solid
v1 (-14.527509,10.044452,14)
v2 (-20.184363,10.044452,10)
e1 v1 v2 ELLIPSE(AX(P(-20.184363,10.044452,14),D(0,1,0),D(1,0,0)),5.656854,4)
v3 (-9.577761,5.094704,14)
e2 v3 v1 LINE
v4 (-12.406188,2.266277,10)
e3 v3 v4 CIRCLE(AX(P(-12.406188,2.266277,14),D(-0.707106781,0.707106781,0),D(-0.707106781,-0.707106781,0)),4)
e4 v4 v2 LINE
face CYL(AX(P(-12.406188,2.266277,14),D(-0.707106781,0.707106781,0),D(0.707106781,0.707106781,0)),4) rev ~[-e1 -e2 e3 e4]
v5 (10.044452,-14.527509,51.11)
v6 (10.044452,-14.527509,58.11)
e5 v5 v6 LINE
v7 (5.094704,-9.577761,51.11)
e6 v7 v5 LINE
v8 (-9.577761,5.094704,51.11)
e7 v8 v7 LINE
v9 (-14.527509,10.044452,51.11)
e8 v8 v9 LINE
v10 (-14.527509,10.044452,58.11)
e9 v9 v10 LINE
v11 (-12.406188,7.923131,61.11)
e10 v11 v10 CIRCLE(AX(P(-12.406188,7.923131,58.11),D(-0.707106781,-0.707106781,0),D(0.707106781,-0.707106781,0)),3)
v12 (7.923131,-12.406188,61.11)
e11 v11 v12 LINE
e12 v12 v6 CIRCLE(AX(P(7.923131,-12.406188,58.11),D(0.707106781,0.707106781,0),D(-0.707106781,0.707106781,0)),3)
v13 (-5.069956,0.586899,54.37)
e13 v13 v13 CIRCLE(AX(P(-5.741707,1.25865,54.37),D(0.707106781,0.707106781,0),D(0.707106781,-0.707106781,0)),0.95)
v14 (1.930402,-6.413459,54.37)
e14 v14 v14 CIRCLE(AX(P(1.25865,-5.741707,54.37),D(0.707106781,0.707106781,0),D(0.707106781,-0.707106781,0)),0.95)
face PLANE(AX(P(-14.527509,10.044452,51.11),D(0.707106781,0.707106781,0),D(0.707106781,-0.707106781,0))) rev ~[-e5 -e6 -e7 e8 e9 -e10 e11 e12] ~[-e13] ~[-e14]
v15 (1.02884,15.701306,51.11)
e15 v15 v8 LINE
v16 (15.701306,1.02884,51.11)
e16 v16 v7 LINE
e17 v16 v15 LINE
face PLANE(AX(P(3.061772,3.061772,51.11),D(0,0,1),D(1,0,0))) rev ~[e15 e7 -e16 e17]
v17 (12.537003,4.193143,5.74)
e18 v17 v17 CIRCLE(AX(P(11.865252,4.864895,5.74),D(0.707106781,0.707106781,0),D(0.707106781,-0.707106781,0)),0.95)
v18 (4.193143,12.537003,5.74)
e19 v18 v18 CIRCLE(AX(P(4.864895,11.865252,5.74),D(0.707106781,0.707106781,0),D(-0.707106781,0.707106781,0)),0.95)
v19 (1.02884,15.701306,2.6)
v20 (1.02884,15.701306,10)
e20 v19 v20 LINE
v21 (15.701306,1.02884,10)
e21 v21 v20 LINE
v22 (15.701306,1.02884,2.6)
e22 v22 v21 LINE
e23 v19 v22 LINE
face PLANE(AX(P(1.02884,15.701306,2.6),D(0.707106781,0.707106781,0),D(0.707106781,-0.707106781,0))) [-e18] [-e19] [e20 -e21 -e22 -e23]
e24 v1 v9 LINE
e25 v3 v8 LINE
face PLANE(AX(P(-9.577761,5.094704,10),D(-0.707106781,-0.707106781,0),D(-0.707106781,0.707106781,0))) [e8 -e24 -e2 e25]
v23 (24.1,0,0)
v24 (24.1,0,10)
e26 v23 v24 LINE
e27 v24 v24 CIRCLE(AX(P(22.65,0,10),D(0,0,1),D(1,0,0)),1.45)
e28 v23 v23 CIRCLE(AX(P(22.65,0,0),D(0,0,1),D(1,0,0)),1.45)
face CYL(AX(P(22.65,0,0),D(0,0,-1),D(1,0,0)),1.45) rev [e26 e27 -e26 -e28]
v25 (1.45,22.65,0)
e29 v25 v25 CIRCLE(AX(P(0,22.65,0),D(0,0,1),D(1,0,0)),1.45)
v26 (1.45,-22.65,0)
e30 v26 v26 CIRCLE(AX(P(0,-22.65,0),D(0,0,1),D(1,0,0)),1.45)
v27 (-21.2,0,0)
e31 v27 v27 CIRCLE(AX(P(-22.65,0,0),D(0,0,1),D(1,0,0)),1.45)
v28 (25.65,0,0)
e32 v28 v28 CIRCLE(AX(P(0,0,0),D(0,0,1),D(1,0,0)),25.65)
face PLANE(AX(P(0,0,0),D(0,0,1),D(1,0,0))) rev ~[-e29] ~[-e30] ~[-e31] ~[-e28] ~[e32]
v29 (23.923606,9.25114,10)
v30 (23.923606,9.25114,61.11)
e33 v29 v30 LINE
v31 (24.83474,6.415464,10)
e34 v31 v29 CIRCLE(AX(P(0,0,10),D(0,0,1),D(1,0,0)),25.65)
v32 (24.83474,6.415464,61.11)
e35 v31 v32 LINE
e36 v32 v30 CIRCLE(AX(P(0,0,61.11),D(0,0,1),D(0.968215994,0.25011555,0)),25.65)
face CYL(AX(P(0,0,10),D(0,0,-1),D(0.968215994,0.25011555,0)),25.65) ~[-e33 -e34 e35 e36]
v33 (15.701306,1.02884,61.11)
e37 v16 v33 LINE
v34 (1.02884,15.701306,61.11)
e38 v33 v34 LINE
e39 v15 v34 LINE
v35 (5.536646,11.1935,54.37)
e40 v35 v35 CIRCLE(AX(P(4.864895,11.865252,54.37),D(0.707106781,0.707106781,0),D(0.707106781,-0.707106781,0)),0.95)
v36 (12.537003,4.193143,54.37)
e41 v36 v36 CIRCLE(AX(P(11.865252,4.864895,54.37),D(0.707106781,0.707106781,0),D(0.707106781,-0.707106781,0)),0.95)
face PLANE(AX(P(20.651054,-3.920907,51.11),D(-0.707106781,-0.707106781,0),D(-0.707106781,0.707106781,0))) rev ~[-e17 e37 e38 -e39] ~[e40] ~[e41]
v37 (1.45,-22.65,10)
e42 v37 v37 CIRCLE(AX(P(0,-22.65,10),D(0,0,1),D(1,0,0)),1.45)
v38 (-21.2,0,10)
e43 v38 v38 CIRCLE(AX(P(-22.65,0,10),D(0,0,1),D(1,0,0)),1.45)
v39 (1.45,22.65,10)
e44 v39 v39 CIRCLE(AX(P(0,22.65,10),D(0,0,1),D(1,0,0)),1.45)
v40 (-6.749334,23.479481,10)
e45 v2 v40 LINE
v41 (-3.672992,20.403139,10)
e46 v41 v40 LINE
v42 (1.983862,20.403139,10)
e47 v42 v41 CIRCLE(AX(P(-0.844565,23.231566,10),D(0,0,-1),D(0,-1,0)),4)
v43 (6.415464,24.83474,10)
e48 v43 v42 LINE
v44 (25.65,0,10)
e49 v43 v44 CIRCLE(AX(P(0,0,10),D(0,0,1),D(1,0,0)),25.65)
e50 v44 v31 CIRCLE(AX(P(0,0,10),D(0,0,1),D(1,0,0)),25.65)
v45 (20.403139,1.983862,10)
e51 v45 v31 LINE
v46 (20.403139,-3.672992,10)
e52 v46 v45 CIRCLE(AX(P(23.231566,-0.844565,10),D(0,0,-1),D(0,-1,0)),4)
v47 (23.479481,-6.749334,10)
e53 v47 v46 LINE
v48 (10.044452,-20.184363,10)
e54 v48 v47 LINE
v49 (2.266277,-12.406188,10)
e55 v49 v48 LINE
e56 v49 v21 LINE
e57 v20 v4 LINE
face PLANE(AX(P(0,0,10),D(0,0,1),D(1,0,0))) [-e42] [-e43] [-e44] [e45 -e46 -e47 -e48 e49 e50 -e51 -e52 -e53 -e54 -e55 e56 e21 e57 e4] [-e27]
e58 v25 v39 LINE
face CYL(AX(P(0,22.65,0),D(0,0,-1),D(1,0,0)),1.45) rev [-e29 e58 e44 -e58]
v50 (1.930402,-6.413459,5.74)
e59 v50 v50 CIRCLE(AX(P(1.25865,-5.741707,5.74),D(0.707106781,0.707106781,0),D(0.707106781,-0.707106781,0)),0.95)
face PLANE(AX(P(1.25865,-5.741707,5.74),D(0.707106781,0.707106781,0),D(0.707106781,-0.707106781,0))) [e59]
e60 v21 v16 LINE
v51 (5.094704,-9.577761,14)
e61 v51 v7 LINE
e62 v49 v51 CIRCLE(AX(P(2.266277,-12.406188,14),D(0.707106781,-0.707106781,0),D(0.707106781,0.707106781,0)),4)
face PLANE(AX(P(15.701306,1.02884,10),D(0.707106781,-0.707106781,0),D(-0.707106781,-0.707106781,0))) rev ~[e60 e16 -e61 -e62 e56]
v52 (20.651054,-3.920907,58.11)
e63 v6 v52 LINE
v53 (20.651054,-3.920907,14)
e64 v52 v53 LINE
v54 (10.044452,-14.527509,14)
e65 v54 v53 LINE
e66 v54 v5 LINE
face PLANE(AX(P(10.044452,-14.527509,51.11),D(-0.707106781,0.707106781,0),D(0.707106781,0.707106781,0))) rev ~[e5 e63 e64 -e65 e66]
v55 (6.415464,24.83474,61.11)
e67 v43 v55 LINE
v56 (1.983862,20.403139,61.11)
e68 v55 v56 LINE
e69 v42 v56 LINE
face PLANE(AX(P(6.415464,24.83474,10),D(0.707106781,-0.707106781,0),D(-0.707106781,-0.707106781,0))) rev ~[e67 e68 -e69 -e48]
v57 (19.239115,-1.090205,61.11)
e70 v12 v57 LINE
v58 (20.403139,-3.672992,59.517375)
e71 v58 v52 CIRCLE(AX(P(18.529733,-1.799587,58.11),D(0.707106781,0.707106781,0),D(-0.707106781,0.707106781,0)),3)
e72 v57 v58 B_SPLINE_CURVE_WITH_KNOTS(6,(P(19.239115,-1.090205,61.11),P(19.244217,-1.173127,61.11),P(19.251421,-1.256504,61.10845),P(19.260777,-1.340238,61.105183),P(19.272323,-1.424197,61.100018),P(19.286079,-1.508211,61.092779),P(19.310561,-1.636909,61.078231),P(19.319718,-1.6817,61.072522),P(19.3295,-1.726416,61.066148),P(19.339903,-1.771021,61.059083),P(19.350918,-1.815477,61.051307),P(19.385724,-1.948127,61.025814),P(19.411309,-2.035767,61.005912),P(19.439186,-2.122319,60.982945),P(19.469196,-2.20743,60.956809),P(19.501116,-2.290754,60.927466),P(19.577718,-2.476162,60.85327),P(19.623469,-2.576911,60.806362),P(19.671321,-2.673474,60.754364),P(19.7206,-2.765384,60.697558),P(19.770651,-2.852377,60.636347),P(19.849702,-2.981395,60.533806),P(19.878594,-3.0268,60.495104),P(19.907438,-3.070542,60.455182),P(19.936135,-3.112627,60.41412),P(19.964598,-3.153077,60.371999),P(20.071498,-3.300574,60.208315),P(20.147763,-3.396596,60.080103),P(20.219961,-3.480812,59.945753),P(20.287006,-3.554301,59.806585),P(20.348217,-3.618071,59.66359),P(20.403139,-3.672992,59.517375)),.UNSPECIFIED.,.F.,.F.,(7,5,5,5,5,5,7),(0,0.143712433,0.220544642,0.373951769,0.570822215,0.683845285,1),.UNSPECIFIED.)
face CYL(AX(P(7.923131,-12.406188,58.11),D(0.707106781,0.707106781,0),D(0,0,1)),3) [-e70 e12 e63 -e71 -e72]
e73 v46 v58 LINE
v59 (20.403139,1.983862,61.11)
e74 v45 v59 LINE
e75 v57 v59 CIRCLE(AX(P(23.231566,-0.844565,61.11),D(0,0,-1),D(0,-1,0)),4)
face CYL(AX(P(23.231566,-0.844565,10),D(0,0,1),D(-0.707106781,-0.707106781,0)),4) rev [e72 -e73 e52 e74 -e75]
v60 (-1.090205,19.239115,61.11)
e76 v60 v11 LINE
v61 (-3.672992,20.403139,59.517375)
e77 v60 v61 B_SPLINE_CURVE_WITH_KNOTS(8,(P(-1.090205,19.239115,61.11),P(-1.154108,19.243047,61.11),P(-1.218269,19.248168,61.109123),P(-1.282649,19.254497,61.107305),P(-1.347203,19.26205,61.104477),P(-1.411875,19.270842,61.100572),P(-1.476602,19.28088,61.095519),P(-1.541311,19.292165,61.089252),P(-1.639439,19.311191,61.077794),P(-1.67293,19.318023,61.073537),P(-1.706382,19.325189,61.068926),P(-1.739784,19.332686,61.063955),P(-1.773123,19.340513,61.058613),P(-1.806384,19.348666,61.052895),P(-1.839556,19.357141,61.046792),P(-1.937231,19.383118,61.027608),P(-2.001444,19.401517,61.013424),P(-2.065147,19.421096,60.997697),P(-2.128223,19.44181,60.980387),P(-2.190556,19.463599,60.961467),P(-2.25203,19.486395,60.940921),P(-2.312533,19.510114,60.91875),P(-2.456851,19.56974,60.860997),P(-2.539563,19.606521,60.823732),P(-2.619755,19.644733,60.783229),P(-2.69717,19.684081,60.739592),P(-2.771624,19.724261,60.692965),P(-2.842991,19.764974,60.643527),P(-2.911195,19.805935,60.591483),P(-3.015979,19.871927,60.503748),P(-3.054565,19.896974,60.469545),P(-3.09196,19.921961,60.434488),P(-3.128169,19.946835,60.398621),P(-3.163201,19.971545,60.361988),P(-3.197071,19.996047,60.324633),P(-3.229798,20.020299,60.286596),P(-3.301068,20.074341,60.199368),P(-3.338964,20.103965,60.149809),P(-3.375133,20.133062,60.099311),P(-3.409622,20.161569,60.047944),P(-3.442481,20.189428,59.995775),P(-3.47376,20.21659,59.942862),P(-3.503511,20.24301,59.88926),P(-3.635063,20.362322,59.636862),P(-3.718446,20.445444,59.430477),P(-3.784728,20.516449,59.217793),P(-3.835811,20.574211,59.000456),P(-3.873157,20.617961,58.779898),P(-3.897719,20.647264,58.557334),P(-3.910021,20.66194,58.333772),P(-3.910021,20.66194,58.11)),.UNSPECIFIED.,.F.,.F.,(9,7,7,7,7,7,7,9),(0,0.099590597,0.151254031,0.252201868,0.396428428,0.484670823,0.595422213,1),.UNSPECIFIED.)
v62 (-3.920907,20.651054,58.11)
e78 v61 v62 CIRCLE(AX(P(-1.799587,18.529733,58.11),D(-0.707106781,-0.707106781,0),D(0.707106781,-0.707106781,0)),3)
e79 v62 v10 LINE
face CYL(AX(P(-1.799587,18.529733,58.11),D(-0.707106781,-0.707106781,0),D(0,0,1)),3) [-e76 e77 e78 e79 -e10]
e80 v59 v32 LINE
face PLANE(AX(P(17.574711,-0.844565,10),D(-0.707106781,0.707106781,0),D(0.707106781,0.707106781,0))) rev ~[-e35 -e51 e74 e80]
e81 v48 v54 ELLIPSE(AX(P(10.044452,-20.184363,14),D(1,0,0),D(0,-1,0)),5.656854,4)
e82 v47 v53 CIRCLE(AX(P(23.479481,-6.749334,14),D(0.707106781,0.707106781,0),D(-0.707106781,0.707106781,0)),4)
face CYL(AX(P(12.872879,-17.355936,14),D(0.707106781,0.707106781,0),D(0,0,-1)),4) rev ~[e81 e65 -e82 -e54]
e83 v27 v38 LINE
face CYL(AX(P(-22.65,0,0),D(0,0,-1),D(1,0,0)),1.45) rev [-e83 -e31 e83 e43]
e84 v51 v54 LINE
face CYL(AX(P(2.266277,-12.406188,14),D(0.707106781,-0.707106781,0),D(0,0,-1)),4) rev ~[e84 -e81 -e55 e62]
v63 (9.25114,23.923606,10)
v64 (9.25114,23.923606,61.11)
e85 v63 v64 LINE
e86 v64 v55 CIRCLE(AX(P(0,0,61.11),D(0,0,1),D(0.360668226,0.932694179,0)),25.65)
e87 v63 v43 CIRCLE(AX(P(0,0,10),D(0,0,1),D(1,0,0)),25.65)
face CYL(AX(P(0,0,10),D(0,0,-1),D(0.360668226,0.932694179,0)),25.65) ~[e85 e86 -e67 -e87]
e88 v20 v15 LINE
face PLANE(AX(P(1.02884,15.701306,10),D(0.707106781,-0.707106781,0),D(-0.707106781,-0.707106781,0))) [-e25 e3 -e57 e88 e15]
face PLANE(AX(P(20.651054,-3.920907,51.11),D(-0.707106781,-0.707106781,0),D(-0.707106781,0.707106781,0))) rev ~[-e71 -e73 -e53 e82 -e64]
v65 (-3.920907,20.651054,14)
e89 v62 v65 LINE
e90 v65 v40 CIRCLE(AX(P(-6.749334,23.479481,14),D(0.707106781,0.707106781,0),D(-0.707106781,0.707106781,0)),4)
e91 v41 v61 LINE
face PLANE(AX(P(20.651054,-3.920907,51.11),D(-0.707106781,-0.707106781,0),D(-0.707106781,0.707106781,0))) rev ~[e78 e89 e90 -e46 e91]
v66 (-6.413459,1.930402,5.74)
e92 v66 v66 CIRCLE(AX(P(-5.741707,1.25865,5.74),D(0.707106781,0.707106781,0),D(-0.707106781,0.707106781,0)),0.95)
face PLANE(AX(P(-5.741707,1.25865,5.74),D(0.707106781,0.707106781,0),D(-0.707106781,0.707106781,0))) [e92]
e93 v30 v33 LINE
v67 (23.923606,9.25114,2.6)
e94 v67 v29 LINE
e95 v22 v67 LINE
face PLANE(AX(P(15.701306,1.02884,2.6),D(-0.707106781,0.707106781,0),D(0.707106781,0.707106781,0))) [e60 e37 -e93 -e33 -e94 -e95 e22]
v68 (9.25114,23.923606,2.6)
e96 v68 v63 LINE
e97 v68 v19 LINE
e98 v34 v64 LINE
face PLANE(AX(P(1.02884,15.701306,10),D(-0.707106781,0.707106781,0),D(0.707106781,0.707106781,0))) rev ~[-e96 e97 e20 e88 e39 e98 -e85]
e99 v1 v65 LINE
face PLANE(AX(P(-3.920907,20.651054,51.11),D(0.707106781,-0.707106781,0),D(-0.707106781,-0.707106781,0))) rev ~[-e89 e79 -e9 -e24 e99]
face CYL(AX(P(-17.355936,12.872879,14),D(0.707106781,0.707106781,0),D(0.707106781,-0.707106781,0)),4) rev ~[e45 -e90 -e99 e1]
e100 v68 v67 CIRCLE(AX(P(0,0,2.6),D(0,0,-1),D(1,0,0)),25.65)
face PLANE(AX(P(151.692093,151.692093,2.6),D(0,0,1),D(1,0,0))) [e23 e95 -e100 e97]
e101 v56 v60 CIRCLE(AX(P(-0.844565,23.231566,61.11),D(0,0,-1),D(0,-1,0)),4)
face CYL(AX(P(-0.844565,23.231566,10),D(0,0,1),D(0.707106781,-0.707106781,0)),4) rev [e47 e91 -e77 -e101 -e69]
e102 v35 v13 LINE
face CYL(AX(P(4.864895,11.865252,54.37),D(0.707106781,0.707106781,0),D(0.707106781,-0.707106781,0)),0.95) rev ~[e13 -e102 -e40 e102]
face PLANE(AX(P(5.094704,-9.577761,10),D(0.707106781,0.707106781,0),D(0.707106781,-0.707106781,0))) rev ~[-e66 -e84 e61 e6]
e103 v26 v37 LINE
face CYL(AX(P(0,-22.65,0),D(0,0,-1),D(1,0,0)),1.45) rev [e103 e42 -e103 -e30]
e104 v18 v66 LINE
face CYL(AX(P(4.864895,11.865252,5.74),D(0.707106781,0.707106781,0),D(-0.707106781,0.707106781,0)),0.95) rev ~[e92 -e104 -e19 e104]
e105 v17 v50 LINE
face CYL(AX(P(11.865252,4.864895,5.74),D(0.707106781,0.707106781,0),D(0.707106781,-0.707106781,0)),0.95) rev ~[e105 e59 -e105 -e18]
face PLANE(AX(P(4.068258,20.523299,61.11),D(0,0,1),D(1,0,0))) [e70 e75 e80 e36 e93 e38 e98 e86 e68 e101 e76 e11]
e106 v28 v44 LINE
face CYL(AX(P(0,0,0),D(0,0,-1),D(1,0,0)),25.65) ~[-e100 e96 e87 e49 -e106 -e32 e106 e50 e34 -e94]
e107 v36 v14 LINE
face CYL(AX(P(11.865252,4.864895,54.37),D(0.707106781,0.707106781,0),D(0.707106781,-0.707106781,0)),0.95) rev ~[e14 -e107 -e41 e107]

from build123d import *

# Parameters (mm, degrees)
SKETCH1_R               = 25.65
SKETCH1_R_2             = 1.45
BOSS_EXTRUDE1_DEPTH     = 10
CUT_EXTRUDE2_DEPTH      = 38.627715849
CUT_EXTRUDE2_DEPTH_BACK = 7.4
SKETCH3_R               = 0.95
CUT_EXTRUDE3_DEPTH      = 15
BOSS_EXTRUDE2_DEPTH     = 41.11
BOSS_EXTRUDE3_DEPTH     = 10
SKETCH6_R               = 0.95
CUT_EXTRUDE4_DEPTH      = 15
FILLET1_R               = 4
BOSS_EXTRUDE4_DEPTH     = 51.11
FILLET2_R               = 4
FILLET3_R               = 3


with BuildPart() as part:
    # Sketch1 → Boss-Extrude1 (new body)
    with BuildSketch(Plane.XY):
        Circle(SKETCH1_R)
        with Locations((0, -22.65)):
            Circle(SKETCH1_R_2, mode=Mode.SUBTRACT)
        with Locations((22.65, 0)):
            Circle(SKETCH1_R_2, mode=Mode.SUBTRACT)
        with Locations((0, 22.65)):
            Circle(SKETCH1_R_2, mode=Mode.SUBTRACT)
        with Locations((-22.65, 0)):
            Circle(SKETCH1_R_2, mode=Mode.SUBTRACT)
    extrude(amount=BOSS_EXTRUDE1_DEPTH)

    # Sketch2 → Cut-Extrude2 (cut, two sides: drawn at the far end of the back side and taken through both)
    with BuildSketch(Plane.XY.offset(10).offset(-CUT_EXTRUDE2_DEPTH_BACK)):
        Polygon((102.061719716, 116.734185426), (9.251139978, 23.923605688), (1.028840367, 15.701306076), (15.701306076, 1.028840367), (23.923605688, 9.251139978), (116.734185426, 102.061719716), (302.355344902, 287.682879192), (287.682879192, 302.355344902), align=None)
    extrude(amount=CUT_EXTRUDE2_DEPTH + CUT_EXTRUDE2_DEPTH_BACK, mode=Mode.SUBTRACT)

    # Sketch3 → Cut-Extrude3 (cut)
    with BuildSketch(Plane(origin=(8.365073221, 8.365073221, 0), x_dir=(0, 0, -1), z_dir=(0.7071067811865477, 0.7071067811865475, 0))):
        with Locations(Location((-5.74, 4.95, 0), (0, 0, 90))):
            Circle(SKETCH3_R)
        with Locations(Location((-5.74, -4.95, 0), (0, 0, 270))):
            Circle(SKETCH3_R)
    extrude(amount=-CUT_EXTRUDE3_DEPTH, mode=Mode.SUBTRACT)

    # Sketch4 → Boss-Extrude2 (add)
    with BuildSketch(Plane.XY.offset(10)):
        Polygon((-3.920907102, 20.651053545), (1.028840367, 15.701306076), (-9.577761351, 5.094704358), (-14.527508819, 10.044451827), align=None)
        Polygon((15.701306076, 1.028840367), (5.094704358, -9.577761351), (10.044451827, -14.527508819), (20.651053545, -3.920907102), align=None)
    extrude(amount=BOSS_EXTRUDE2_DEPTH)

    # Sketch5 → Boss-Extrude3 (add)
    with BuildSketch(Plane.XY.offset(51.11)):
        Polygon((-3.920907102, 20.651053545), (-14.527508819, 10.044451827), (10.044451827, -14.527508819), (20.651053545, -3.920907102), align=None)
    extrude(amount=BOSS_EXTRUDE3_DEPTH)

    # Sketch6 → Cut-Extrude4 (cut)
    with BuildSketch(Plane(origin=(8.365073221, 8.365073221, 0), x_dir=(0, 0, -1), z_dir=(0.7071067811865471, 0.707106781186548, 0))):
        with Locations(Location((-5.74, -4.95, 0), (0, 0, 270))):
            Circle(SKETCH6_R)
        with Locations(Location((-5.74, 4.95, 0), (0, 0, 90))):
            Circle(SKETCH6_R)
        with Locations(Location((-54.37, -4.95, 0), (0, 0, 270))):
            Circle(SKETCH6_R)
        with Locations(Location((-54.37, 4.95, 0), (0, 0, 270))):
            Circle(SKETCH6_R)
    extrude(amount=-CUT_EXTRUDE4_DEPTH, mode=Mode.SUBTRACT)

    # Fillet1
    fillet1_edges = [part.edges().sort_by_distance(p)[0] for p in [
        (-9.224207961, 15.347752686, 10),
        (-12.052635085, 7.569578093, 10),
        (7.569578093, -12.052635085, 10),
        (15.347752686, -9.224207961, 10),
    ]]
    fillet(fillet1_edges, radius=FILLET1_R)

    # Sketch7 → Boss-Extrude4 (add)
    with BuildSketch(Plane.XY.offset(10)):
        with BuildLine():
            Line((6.41546388, 24.834740248), (-0.844564963, 17.574711406))
            Line((-0.844564963, 17.574711406), (1.028840367, 15.701306076))
            Line((1.028840367, 15.701306076), (9.251139978, 23.923605688))
            ThreePointArc((9.251139978, 23.923605688), (7.846538132, 24.420367306), (6.41546388, 24.834740248))
        make_face()
        with BuildLine():
            Line((17.574711406, -0.844564963), (24.834740248, 6.41546388))
            ThreePointArc((24.834740248, 6.41546388), (24.420367306, 7.846538132), (23.923605688, 9.251139978))
            Line((23.923605688, 9.251139978), (15.701306076, 1.028840367))
            Line((15.701306076, 1.028840367), (17.574711406, -0.844564963))
        make_face()
    extrude(amount=BOSS_EXTRUDE4_DEPTH)

    # Fillet2
    fillet2_edges = [part.edges().sort_by_distance(p)[0] for p in [
        (-0.844564963, 17.574711406, 35.555),
        (17.574711406, -0.844564963, 35.555),
    ]]
    fillet(fillet2_edges, radius=FILLET2_R)

    # Fillet3
    fillet3_edges = [part.edges().sort_by_distance(p)[0] for p in [
        (-9.224207961, 15.347752686, 61.11),
        (15.347752686, -9.224207961, 61.11),
    ]]
    fillet(fillet3_edges, radius=FILLET3_R)


solid = part.part
